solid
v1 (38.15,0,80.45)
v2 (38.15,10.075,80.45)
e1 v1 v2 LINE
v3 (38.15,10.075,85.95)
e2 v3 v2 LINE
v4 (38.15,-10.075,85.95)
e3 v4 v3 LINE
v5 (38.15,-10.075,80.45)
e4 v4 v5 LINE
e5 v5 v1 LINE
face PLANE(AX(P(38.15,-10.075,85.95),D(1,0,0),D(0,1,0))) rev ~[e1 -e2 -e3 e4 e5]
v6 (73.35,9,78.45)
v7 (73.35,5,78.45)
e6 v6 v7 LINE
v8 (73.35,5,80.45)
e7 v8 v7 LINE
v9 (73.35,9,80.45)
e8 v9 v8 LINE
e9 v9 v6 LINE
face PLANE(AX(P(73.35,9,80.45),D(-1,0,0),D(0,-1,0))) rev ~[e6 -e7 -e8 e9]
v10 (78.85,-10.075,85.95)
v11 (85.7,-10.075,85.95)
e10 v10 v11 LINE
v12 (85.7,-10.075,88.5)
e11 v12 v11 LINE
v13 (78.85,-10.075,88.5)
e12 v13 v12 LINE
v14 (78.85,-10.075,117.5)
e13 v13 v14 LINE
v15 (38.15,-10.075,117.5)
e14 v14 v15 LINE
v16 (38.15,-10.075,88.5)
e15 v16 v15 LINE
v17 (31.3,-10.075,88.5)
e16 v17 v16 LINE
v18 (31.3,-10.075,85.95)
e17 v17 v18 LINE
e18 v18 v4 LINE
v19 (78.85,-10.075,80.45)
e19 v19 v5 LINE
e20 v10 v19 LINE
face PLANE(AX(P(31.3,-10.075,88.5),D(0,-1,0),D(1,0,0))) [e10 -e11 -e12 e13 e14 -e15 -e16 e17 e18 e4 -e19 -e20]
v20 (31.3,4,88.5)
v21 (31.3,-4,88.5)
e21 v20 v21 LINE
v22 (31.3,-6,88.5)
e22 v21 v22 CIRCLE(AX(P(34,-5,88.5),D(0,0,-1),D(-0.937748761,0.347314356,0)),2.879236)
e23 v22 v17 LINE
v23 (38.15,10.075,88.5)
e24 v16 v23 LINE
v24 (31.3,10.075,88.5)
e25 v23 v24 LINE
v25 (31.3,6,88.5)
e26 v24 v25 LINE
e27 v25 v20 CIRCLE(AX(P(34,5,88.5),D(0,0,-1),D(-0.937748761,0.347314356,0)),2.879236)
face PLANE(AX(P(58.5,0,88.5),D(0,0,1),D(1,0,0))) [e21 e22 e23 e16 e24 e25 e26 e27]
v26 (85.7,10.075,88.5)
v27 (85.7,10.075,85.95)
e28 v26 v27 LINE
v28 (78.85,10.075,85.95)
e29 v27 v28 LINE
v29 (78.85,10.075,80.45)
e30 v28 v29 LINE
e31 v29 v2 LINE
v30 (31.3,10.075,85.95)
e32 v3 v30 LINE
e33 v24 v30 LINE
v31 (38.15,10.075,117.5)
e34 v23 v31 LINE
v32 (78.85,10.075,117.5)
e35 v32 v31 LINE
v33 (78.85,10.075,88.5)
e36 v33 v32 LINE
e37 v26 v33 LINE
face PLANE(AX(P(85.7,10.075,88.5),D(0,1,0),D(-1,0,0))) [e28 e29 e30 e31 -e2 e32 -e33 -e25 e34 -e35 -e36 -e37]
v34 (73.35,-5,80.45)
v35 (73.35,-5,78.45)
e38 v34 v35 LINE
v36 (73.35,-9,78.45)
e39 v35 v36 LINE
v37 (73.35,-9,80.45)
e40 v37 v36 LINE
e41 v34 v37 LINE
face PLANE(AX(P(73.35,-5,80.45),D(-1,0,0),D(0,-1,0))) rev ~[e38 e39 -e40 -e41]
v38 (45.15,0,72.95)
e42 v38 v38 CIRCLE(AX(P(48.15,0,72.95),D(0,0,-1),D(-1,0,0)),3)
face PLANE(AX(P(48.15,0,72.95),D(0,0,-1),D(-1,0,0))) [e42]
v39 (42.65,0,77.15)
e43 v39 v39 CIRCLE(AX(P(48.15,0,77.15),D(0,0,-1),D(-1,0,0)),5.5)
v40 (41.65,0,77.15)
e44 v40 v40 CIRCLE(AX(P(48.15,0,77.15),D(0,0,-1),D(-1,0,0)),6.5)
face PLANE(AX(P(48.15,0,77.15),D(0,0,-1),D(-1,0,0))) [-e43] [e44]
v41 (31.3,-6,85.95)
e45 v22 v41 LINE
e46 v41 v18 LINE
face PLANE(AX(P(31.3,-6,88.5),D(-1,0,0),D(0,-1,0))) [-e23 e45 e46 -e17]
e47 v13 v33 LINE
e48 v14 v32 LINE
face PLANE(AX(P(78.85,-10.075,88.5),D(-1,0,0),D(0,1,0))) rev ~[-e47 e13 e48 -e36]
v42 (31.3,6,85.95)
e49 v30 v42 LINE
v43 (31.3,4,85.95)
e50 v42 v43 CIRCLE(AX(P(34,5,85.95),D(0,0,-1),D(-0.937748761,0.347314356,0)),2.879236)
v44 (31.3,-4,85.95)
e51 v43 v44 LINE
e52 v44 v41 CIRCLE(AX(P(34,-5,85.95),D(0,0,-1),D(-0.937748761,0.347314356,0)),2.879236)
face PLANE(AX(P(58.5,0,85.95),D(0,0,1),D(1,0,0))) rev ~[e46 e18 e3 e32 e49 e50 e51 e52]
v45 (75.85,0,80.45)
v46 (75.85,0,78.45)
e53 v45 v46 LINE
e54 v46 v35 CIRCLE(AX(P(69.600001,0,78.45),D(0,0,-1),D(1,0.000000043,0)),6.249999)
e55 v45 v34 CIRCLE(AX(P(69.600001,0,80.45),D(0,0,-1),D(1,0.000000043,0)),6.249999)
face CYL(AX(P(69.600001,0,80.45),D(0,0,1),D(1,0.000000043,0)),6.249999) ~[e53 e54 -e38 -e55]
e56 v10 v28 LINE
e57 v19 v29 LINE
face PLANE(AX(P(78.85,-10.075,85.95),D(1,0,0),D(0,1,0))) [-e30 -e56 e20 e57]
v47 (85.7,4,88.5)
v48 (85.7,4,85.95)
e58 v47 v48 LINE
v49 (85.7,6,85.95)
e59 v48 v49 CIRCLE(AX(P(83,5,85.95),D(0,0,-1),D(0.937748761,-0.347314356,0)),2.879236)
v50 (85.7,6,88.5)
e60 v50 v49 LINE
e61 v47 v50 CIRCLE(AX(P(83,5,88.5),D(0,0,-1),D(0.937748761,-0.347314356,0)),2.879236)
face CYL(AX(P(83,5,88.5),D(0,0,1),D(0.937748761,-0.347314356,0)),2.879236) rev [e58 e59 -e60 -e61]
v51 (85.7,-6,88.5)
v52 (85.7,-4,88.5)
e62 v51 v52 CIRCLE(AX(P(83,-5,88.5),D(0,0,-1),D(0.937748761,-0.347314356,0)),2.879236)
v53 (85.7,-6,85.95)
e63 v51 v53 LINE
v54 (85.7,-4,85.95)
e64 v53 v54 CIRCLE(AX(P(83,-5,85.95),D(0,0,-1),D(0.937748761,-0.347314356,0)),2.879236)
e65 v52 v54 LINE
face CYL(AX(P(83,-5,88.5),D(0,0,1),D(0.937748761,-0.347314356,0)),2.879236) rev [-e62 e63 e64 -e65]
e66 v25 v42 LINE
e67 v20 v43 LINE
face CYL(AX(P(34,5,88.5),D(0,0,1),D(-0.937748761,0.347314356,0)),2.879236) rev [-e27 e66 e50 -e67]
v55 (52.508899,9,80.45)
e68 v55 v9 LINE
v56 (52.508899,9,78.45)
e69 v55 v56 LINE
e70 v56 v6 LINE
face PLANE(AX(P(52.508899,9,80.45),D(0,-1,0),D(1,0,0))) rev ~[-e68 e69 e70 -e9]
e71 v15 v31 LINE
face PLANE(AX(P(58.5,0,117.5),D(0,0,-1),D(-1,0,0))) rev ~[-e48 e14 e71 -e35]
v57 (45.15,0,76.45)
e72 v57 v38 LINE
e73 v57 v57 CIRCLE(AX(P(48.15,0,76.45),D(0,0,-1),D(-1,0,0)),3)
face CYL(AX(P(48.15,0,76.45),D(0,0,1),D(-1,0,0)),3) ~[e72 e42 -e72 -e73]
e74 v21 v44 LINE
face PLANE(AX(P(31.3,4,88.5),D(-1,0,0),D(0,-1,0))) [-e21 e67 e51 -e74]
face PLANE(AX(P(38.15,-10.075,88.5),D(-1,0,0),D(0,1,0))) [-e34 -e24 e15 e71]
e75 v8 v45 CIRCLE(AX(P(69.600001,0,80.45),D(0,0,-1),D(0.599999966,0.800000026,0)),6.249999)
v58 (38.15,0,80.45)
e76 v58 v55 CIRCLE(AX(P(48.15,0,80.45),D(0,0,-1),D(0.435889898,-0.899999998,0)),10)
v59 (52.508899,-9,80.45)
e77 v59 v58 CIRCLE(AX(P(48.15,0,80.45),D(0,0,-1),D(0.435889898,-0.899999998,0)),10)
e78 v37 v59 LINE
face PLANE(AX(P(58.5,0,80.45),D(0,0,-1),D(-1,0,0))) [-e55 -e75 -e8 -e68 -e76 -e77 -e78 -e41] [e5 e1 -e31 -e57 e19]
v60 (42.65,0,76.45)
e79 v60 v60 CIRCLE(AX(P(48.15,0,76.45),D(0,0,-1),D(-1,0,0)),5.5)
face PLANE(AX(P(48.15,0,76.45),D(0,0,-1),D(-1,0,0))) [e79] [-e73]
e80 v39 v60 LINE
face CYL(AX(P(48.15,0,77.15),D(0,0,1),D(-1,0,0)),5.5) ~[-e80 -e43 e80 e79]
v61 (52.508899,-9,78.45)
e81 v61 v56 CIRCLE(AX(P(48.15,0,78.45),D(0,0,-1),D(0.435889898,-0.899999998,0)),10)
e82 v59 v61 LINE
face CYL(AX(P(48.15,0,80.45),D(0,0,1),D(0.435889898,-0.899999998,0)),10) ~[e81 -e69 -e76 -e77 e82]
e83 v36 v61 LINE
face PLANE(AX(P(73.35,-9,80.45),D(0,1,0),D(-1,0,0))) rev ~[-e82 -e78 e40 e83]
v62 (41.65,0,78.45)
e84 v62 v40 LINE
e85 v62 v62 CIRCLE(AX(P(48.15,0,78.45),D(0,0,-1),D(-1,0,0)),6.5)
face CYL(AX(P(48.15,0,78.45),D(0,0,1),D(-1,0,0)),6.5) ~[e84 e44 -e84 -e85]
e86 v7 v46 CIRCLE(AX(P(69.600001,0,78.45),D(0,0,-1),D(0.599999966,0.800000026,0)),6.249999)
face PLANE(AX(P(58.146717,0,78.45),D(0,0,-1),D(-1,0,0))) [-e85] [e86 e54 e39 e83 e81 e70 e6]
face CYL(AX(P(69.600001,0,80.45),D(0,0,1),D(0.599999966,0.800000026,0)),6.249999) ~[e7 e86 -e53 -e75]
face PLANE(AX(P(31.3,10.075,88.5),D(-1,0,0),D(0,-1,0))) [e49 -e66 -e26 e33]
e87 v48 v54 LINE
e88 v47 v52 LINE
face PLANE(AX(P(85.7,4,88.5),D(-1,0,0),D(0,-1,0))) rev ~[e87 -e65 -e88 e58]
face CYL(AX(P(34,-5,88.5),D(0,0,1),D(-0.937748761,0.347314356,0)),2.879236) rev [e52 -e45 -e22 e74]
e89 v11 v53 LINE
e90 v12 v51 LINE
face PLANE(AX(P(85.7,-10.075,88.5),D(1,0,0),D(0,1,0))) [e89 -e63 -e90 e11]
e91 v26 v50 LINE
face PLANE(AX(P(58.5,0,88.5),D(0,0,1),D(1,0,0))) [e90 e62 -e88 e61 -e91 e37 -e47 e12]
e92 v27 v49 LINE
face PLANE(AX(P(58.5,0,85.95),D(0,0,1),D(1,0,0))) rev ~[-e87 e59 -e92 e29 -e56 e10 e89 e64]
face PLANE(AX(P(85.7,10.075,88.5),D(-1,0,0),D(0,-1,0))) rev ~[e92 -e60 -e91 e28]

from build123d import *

# Parameters (mm, degrees)
SKETCH040_W             = 40.7
SKETCH040_H             = 20.15
PAD020_DEPTH            = 29
PAD021_DEPTH            = 2.55
SKETCH042_W             = 40.7
SKETCH042_H             = 20.15
PAD022_DEPTH            = 5.5
PAD023_DEPTH            = 2
SKETCH044_R             = 6.5
PAD024_DEPTH            = 1.3
SKETCH045_R             = 5.5
PAD025_DEPTH            = 0.7
SKETCH046_R             = 3
PAD026_DEPTH            = 3.5
BODY013_PLACEMENT_ANGLE = 180
BODY046_PLACEMENT_ANGLE = 180


with BuildPart() as part:
    # Sketch040 → Pad020 (new body)
    with BuildSketch(Plane.XY):
        Rectangle(SKETCH040_W, SKETCH040_H)
    extrude(amount=-PAD020_DEPTH)

    # Sketch041 (on Face5 of Pad020) → Pad021 (join)
    with BuildSketch(Plane.XY):
        with BuildLine():
            Line((-27.2, 10.075), (27.2, 10.075))
            Line((27.2, 10.075), (27.2, 6))
            ThreePointArc((27.2, 6), (21.620764, 5), (27.2, 4))
            Line((27.2, 4), (27.2, -4))
            ThreePointArc((27.2, -4), (21.620764, -5), (27.2, -6))
            Line((27.2, -6), (27.2, -10.075))
            Line((27.2, -10.075), (-27.2, -10.075))
            Line((-27.2, -10.075), (-27.2, -6))
            ThreePointArc((-27.2, -6), (-21.620764, -5), (-27.2, -4))
            Line((-27.2, 4), (-27.2, -4))
            ThreePointArc((-27.2, 4), (-21.620764, 5), (-27.2, 6))
            Line((-27.2, 10.075), (-27.2, 6))
        make_face()
    extrude(amount=PAD021_DEPTH)

    # Sketch042 (on Face5 of Pad021) → Pad022 (join)
    with BuildSketch(Plane.XY.offset(2.55)):
        Rectangle(SKETCH042_W, SKETCH042_H)
    extrude(amount=PAD022_DEPTH)

    # Sketch043 (on Face21 of Pad022) → Pad023 (join)
    with BuildSketch(Plane.XY.offset(8.05)):
        with BuildLine():
            ThreePointArc((5.991101, -9), (20.35, 0), (5.991101, 9))
            Line((5.991101, 9), (-14.85, 9))
            Line((-14.85, 9), (-14.85, 5))
            ThreePointArc((-14.85, 5), (-16.69017, 2.795085), (-17.35, 0))
            ThreePointArc((-17.35, 0), (-16.69017, -2.795085), (-14.85, -5))
            Line((-14.85, -5), (-14.85, -9))
            Line((-14.85, -9), (5.991101, -9))
        make_face()
    extrude(amount=PAD023_DEPTH)

    # Sketch044 (on Face34 of Pad023) → Pad024 (join)
    with BuildSketch(Plane.XY.offset(10.05)):
        with Locations((10.35, 0)):
            Circle(SKETCH044_R)
    extrude(amount=PAD024_DEPTH)

    # Sketch045 (on Face36 of Pad024) → Pad025 (join)
    with BuildSketch(Plane.XY.offset(11.35)):
        with Locations((10.35, 0)):
            Circle(SKETCH045_R)
    extrude(amount=PAD025_DEPTH)

    # Sketch046 (on Face38 of Pad025) → Pad026 (join)
    with BuildSketch(Plane.XY.offset(12.05)):
        with Locations((10.35, 0)):
            Circle(SKETCH046_R)
    extrude(amount=PAD026_DEPTH)


with BuildPart() as part_1:
    # Body013 placement: moved
    add(part.part.moved(Location((-58.5, 0, 88.5))).rotate(Axis((-58.5, 0, 88.5), (1, 0, 0)), BODY013_PLACEMENT_ANGLE))


with BuildPart() as part_2:
    # Body046 placement: moved
    add(part_1.part.rotate(Axis((0, 0, 0), (0, 0, 1)), BODY046_PLACEMENT_ANGLE))


solid = part_2.part
